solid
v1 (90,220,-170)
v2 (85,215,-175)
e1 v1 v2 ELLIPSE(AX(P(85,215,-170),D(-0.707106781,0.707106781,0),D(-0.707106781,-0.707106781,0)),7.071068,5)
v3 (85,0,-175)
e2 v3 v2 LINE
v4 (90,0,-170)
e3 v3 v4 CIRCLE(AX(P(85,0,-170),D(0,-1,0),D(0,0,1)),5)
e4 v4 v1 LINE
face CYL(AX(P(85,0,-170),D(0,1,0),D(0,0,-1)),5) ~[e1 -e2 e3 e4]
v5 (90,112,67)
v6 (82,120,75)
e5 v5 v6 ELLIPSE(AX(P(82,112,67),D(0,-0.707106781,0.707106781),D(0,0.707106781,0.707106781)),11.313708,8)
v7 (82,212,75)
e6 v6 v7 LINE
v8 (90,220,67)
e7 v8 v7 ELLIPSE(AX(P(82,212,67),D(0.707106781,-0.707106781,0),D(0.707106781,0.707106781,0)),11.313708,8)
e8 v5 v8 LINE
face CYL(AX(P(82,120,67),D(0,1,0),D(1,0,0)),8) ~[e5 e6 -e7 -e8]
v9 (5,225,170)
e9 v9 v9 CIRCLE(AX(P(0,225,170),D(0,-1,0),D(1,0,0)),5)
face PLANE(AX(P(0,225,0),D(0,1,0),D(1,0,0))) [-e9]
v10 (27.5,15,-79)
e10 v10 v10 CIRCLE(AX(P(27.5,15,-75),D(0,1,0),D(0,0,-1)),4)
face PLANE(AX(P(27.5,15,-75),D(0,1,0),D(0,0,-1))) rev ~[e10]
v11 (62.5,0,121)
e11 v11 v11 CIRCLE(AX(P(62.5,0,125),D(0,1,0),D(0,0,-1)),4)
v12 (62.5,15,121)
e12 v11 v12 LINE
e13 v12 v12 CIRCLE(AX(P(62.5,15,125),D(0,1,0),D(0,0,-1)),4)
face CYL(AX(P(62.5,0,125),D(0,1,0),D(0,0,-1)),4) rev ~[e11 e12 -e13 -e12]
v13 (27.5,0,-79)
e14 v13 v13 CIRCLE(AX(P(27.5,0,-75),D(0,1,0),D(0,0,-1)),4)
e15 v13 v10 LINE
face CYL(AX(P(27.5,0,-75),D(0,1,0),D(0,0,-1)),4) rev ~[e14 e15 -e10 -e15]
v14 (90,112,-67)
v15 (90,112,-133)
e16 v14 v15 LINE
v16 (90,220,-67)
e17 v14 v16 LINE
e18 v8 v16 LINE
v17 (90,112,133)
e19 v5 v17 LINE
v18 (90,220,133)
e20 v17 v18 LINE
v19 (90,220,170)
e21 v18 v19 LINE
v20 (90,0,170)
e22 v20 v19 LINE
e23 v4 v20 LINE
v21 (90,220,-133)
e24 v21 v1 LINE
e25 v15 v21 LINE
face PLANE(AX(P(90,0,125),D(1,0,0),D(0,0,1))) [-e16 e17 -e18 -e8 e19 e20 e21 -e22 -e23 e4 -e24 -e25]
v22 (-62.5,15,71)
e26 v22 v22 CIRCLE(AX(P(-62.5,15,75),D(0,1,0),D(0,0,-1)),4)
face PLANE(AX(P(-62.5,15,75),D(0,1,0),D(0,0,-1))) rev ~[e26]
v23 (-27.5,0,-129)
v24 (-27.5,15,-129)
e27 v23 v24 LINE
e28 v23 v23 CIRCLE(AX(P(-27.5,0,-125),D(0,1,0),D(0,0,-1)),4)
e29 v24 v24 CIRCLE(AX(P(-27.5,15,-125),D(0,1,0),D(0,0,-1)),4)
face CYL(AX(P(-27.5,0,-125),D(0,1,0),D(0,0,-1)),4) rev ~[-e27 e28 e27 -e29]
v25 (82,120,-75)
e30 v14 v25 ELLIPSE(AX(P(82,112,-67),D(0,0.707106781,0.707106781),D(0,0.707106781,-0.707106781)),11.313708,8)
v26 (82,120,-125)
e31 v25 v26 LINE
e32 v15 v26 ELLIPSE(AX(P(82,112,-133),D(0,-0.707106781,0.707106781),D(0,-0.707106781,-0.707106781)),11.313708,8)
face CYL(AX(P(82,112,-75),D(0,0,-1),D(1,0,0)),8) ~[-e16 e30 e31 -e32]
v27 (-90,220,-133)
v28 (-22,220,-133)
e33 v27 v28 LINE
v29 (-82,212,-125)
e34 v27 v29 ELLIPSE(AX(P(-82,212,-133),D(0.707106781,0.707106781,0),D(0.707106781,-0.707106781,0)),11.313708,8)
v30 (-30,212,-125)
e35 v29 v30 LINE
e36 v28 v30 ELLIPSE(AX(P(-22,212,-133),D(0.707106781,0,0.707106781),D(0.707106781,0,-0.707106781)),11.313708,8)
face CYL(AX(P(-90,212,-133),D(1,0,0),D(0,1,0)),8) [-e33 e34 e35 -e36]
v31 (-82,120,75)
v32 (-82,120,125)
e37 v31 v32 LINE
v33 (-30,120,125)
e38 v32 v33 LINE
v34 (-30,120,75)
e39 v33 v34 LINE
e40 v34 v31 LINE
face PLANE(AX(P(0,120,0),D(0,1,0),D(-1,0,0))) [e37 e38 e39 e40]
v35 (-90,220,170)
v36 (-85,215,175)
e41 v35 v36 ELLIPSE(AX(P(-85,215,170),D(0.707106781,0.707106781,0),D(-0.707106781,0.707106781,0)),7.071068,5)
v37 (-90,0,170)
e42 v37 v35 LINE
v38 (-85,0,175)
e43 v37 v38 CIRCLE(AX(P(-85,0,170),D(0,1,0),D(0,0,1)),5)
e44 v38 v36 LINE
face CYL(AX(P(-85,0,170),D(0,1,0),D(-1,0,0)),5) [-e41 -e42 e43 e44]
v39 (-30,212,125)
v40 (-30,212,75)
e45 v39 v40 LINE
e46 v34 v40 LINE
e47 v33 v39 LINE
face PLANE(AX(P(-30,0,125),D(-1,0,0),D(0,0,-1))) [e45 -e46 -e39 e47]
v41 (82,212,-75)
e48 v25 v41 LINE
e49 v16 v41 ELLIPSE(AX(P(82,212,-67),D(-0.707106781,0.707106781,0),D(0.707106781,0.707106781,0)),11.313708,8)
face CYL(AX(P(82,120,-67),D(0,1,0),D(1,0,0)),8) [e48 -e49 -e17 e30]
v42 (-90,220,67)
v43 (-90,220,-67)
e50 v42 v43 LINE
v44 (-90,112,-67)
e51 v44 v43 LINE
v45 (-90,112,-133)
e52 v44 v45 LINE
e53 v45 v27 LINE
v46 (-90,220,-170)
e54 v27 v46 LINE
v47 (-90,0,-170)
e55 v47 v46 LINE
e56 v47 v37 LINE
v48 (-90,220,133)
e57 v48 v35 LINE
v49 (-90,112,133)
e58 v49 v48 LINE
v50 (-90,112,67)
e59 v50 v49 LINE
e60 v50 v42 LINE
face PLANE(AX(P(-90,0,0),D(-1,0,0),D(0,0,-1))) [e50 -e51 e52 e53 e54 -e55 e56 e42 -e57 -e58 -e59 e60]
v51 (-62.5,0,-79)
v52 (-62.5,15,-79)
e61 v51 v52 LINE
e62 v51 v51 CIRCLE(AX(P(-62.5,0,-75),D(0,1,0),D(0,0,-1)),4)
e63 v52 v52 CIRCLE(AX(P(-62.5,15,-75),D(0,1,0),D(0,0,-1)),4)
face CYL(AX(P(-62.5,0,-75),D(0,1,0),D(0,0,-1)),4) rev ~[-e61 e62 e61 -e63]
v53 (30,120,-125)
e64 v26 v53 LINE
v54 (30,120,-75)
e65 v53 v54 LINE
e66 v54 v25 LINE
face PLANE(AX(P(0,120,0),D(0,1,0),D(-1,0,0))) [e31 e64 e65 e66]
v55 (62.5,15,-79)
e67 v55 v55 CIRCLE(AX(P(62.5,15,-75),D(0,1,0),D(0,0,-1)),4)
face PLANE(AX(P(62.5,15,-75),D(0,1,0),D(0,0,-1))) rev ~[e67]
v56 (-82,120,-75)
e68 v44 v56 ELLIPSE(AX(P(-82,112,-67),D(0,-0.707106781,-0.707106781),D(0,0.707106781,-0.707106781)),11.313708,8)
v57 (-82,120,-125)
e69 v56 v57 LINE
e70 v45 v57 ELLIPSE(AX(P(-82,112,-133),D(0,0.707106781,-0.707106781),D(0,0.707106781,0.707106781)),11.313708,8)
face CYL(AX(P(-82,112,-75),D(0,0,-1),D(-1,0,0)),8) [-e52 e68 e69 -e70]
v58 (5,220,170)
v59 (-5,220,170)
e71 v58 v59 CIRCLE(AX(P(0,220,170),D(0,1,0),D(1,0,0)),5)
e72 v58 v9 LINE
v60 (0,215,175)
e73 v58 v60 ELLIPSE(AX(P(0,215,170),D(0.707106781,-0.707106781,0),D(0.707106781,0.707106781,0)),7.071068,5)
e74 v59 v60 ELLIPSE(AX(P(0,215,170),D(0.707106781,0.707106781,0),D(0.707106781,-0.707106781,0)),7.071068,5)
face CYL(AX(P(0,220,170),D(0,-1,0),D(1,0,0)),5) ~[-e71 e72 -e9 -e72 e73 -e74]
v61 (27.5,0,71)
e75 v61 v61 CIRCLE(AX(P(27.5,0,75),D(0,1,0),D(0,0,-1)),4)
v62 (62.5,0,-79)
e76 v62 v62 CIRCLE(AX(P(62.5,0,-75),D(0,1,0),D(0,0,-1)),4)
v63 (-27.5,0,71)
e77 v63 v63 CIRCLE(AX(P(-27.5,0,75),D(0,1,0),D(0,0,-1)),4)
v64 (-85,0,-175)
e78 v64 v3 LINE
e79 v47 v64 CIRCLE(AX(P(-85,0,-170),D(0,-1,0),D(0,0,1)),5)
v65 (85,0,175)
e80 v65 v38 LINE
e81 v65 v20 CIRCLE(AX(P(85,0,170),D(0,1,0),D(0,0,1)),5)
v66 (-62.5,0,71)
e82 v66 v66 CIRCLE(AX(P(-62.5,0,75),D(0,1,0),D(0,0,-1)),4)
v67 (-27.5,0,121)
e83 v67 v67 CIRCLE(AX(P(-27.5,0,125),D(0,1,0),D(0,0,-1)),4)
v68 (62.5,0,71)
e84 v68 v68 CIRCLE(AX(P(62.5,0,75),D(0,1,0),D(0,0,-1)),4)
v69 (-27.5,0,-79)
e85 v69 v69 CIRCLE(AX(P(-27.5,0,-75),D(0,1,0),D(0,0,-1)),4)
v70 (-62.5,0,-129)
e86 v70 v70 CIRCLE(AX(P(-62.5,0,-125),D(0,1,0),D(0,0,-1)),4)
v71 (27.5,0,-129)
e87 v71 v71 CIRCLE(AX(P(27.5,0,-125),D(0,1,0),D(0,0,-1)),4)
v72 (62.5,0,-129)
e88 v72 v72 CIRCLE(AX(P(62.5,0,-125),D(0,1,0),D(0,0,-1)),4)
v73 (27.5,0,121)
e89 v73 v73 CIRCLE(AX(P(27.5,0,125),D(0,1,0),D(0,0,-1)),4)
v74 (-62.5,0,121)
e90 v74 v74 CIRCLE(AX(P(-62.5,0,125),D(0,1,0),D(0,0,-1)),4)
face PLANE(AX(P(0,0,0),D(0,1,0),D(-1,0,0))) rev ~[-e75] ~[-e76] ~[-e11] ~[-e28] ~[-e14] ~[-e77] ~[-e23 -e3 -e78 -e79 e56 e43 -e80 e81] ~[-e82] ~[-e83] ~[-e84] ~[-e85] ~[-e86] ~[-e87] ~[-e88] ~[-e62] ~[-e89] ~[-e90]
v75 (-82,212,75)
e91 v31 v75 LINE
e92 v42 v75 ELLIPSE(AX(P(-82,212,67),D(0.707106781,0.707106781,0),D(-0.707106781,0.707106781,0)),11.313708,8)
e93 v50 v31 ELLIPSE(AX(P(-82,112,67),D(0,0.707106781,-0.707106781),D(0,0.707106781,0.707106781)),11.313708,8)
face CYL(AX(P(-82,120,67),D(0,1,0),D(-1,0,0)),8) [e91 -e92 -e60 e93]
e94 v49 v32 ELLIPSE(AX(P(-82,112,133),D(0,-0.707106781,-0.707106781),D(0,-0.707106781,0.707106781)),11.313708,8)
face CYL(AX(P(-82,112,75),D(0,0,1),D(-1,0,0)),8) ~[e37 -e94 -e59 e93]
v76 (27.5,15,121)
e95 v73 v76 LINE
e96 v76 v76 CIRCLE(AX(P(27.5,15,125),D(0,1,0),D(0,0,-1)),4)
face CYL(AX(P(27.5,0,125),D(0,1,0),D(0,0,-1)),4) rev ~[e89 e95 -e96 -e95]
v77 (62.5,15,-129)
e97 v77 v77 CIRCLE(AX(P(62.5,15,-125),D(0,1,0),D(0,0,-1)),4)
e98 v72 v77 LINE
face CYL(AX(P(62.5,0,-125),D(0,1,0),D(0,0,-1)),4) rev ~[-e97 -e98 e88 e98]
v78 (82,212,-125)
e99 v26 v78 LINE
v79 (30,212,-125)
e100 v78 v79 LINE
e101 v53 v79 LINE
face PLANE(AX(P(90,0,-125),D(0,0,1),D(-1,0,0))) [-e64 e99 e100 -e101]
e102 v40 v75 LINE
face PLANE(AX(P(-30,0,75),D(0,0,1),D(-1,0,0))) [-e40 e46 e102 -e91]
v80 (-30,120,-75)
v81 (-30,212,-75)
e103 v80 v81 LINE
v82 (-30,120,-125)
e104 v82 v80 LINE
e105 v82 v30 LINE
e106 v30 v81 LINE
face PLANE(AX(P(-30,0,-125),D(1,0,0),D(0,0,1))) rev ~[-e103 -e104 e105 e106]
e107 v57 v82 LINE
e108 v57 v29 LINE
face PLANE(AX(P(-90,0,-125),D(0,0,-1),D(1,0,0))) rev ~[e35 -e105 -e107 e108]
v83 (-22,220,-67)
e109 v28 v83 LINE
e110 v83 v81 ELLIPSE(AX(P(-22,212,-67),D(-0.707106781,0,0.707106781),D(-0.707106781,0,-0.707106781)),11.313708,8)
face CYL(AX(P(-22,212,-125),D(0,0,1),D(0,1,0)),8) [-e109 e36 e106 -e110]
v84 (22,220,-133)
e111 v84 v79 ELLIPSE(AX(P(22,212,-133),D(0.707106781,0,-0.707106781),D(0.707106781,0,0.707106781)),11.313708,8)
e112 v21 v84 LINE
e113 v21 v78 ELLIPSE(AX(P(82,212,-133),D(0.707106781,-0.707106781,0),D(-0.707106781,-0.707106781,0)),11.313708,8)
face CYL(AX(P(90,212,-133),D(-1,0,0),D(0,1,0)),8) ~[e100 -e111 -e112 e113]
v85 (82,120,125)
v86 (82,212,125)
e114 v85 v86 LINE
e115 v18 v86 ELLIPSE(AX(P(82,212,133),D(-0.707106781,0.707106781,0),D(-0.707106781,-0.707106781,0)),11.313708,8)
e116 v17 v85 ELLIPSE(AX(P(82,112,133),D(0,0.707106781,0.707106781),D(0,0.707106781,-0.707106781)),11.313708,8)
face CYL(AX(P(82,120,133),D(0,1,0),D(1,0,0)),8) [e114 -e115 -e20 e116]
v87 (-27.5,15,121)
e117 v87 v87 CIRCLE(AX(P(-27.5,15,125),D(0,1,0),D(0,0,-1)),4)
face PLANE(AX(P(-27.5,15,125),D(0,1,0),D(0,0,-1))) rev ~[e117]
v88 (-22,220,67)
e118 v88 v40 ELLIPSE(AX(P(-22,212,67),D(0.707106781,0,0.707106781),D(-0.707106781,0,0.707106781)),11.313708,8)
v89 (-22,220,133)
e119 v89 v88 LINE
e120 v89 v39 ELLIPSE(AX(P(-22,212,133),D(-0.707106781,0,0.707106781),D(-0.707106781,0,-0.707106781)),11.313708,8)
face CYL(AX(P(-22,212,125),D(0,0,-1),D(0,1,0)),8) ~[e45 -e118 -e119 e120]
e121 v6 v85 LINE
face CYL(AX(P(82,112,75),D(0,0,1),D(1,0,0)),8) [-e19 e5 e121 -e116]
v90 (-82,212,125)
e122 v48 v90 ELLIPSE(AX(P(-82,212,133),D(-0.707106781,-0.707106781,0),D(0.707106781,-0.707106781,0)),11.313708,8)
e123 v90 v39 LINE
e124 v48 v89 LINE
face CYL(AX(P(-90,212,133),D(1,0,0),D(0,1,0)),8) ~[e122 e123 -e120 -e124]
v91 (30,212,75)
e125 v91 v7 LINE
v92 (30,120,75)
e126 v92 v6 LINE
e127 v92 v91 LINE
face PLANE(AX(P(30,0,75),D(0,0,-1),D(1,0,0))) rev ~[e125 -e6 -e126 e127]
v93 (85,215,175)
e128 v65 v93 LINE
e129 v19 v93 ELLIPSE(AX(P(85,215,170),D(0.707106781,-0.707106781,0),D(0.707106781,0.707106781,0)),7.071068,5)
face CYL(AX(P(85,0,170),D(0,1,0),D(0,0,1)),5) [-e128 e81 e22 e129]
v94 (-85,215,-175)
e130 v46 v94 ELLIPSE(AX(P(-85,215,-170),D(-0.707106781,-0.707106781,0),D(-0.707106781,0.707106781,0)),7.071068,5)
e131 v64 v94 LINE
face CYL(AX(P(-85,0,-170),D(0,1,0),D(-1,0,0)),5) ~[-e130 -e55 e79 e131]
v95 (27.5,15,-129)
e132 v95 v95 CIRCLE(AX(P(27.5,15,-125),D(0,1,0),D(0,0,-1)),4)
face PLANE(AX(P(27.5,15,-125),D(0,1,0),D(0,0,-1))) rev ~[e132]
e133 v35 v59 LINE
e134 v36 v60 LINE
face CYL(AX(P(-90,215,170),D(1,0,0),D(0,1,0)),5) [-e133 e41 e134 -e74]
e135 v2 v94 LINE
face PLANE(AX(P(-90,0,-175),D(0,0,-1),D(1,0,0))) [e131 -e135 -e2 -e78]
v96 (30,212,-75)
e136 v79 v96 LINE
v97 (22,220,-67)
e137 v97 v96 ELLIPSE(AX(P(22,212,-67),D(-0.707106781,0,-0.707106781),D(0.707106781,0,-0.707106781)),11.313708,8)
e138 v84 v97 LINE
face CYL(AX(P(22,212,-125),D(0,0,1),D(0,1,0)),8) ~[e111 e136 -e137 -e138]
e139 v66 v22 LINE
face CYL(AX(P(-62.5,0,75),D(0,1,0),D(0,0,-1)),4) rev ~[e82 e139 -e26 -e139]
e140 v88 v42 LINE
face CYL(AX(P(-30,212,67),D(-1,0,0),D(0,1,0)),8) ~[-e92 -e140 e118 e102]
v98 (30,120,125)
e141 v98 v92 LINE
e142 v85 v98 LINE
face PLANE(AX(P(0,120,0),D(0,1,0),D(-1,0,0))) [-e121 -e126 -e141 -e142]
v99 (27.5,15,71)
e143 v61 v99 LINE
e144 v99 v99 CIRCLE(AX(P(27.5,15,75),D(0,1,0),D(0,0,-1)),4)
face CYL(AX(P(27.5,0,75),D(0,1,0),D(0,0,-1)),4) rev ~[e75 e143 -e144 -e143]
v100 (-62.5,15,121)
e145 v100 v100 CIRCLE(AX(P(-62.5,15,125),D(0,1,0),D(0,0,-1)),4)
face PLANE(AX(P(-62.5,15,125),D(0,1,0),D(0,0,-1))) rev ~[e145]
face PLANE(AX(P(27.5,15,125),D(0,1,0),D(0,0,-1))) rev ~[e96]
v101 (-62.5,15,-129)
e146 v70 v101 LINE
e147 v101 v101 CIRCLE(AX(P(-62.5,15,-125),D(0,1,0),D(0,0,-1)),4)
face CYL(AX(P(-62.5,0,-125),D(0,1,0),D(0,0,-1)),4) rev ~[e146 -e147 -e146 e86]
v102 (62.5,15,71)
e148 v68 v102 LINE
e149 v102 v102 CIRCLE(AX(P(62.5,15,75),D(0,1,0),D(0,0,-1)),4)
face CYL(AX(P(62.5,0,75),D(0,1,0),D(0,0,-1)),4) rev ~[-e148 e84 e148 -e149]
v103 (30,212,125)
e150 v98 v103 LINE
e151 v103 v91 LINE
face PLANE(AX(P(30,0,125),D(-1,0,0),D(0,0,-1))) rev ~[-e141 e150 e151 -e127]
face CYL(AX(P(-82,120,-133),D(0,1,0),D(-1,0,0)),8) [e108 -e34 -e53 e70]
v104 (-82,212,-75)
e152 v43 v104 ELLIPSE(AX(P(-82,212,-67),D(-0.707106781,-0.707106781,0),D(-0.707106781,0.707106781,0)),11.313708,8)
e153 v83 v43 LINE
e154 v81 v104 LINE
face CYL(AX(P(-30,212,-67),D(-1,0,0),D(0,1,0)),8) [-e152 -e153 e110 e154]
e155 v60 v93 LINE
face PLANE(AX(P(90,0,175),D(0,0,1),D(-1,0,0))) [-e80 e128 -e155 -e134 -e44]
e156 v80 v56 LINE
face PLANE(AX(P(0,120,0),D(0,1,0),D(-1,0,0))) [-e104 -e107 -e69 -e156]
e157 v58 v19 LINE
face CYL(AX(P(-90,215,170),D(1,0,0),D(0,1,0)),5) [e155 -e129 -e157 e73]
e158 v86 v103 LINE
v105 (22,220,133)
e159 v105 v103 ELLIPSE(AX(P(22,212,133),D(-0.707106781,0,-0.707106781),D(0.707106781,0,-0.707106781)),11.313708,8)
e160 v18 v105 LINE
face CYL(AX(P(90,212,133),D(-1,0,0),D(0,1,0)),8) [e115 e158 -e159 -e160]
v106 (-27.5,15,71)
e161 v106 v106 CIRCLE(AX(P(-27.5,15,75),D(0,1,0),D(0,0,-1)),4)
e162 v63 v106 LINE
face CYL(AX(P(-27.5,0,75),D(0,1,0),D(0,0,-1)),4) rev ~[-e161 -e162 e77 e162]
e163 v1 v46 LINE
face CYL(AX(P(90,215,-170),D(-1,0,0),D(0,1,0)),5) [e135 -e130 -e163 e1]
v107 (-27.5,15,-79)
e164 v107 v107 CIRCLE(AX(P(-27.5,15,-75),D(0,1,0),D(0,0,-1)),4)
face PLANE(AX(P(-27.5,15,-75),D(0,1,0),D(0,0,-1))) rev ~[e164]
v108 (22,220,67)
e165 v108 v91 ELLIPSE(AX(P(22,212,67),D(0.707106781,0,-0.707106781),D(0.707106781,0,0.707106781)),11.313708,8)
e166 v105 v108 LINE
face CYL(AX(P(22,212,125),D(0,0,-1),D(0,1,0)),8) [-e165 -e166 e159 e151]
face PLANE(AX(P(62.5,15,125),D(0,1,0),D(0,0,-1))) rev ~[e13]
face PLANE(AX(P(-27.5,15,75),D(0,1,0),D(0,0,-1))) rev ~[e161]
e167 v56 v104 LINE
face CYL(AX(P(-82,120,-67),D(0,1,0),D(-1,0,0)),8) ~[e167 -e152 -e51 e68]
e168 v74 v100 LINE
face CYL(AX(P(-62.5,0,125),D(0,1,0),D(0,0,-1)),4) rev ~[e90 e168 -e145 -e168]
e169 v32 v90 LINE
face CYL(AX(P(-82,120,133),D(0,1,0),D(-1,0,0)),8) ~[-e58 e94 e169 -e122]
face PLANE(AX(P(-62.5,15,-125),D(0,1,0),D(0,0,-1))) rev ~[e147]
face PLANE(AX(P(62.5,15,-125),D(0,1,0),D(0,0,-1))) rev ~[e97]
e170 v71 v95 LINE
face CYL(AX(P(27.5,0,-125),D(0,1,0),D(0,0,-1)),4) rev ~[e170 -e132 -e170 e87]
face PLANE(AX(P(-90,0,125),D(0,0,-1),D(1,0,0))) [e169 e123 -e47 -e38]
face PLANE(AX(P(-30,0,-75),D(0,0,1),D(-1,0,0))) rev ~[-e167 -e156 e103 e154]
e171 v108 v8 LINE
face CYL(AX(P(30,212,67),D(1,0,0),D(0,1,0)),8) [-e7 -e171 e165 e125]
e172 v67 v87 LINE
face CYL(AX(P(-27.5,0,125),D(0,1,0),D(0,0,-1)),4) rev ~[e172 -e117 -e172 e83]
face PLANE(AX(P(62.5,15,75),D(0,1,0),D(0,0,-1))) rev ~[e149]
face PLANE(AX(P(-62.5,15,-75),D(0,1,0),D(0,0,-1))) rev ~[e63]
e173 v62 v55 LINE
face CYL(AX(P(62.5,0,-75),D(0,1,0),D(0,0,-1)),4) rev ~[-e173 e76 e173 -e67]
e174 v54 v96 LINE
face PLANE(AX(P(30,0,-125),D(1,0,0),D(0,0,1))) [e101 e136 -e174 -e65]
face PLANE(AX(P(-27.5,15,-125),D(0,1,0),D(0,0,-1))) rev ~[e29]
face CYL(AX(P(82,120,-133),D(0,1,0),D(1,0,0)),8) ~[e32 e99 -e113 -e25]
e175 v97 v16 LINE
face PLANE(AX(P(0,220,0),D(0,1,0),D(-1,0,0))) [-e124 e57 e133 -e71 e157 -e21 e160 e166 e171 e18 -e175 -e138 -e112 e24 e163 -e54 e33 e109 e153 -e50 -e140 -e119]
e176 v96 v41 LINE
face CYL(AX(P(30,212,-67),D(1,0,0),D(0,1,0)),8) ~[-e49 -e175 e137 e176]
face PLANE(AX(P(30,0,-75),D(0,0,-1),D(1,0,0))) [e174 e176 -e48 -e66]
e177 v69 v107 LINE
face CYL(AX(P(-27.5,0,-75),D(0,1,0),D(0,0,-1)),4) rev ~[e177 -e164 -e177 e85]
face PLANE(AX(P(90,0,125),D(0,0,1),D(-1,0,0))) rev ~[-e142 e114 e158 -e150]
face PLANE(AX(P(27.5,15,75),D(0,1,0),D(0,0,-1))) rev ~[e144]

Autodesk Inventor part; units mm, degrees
ref_plane "YZ Plane" through (0, 0, 0) normal (1, 0, 0) x (0, 1, 0)
ref_plane "XZ Plane" through (0, 0, 0) normal (0, 1, 0) x (-1, 0, 0)
ref_plane "XY Plane" through (0, 0, 0) normal (0, 0, 1) x (1, 0, 0)
sketch "Sketch1" plane through (0, 0, 0) normal (0, 1, 0) x (-1, 0, 0)
  line L0 (0, 0) -> (90, 0) construction
  line L1 (90, 0) -> (90, 175)
  line L2 (90, 175) -> (0, 175)
  line L3 (0, 175) -> (0, 0) construction
  line L4 (90, 125) -> (0, 125)
  line L5 (0, 125) -> (0, 75) construction
  line L6 (0, 75) -> (90, 75)
  line L7 (90, 75) -> (90, 125)
  line L8 (30, 125) -> (30, 75)
  line L9 (27.5, 75) -> (62.5, 75) construction
  line L10 (62.5, 75) -> (62.5, 125) construction
  line L11 (62.5, 125) -> (27.5, 125) construction
  line L12 (27.5, 125) -> (27.5, 75) construction
  line L13 (27.5, 75) -> (62.5, 125) construction
  line L14 (62.5, 75) -> (27.5, 125) construction
  line L15 (90, 0) -> (90, -175)
  line L16 (90, -175) -> (0, -175)
  line L17 (90, -125) -> (0, -125)
  line L18 (0, -75) -> (90, -75)
  line L19 (90, -75) -> (90, -125)
  line L20 (30, -125) -> (30, -75)
  line L21 (27.5, -75) -> (62.5, -75) construction
  line L22 (62.5, -75) -> (62.5, -125) construction
  line L23 (62.5, -125) -> (27.5, -125) construction
  line L24 (27.5, -125) -> (27.5, -75) construction
  line L25 (27.5, -75) -> (62.5, -125) construction
  line L26 (62.5, -75) -> (27.5, -125) construction
  line L27 (-90, 0) -> (-90, 175)
  line L28 (-90, 175) -> (0, 175)
  line L29 (-90, 125) -> (0, 125)
  line L30 (0, 75) -> (-90, 75)
  line L31 (-90, 75) -> (-90, 125)
  line L32 (-30, 125) -> (-30, 75)
  line L33 (-27.5, 75) -> (-62.5, 75) construction
  line L34 (-62.5, 75) -> (-62.5, 125) construction
  line L35 (-62.5, 125) -> (-27.5, 125) construction
  line L36 (-27.5, 125) -> (-27.5, 75) construction
  line L37 (-27.5, 75) -> (-62.5, 125) construction
  line L38 (-62.5, 75) -> (-27.5, 125) construction
  line L39 (-90, 0) -> (-90, -175)
  line L40 (-90, -175) -> (0, -175)
  line L41 (-90, -125) -> (0, -125)
  line L42 (0, -75) -> (-90, -75)
  line L43 (-90, -75) -> (-90, -125)
  line L44 (-30, -125) -> (-30, -75)
  line L45 (-27.5, -75) -> (-62.5, -75) construction
  line L46 (-62.5, -75) -> (-62.5, -125) construction
  line L47 (-62.5, -125) -> (-27.5, -125) construction
  line L48 (-27.5, -125) -> (-27.5, -75) construction
  line L49 (-27.5, -75) -> (-62.5, -125) construction
  line L50 (-62.5, -75) -> (-27.5, -125) construction
  line L51 (45, 100) -> (90, 100) construction
  point P0 (45, -100)
  point P1 (-45, 100)
  point P2 (-45, -100)
  point P3 (45, -100)
  point P4 (-45, 100)
  dimension "d0" = 200
  dimension "d1" = 35
  dimension "d2" = 50
  dimension "d3" = 90
  dimension "d4" = 180
  dimension "d5" = 50
  dimension "d6" = 50
  dimension "d7" = 60
extrude "Extrusion1" add sketch "Sketch1" along normal blind 220 contours L15 L18 L42 L39 L27 L30 L6 L1 | L4 L29 L27 L28 L2 L1 | L6 L30 L32 L29 L4 L8 | L15 L16 L40 L39 L41 L17 | L20 L17 L41 L44 L42 L18
extrude "Extrusion2" add sketch "Sketch1" along normal blind 120 contours L6 L8 L4 L1 | L15 L17 L20 L18 | L30 L27 L29 L32 | L44 L41 L39 L42
hole "Hole1" at (-62.5, 0, 125) at (-27.5, 0, 125) at (-27.5, 0, 75) at (-62.5, 0, 75) at (-62.5, 0, -75) at (-27.5, 0, -75) at (-27.5, 0, -125) at (-62.5, 0, -125) at (62.5, 0, 75) at (27.5, 0, 75) at (27.5, 0, 125) at (62.5, 0, 125) at (62.5, 0, -125) at (27.5, 0, -125) at (27.5, 0, -75) at (62.5, 0, -75) direction (0, 1, 0) diameter 8 depth 15
fillet "Fillet1" radius 5 6 edges at (0, 220, -175) (-90, 110, -175) (90, 110, -175) (-90, 110, 175) (0, 220, 175) (90, 110, 175)
fillet "Fillet2" radius 8 24 edges at (-60, 220, -125) (-90, 170, -125) (-60, 220, -75) (-90, 170, -75) (-90, 120, -100) (-30, 220, -100) (-60, 220, 75) (-30, 220, 100) (-60, 220, 125) (-90, 170, 75) (-90, 120, 100) (-90, 170, 125) (60, 220, -75) (30, 220, -100) (60, 220, -125) (60, 220, 75) (30, 220, 100) (60, 220, 125) (90, 170, 75) (90, 170, 125) (90, 120, 100) (90, 170, -75) (90, 120, -100) (90, 170, -125)
sketch "Sketch2" plane through (0, 220, 0) normal (0, 1, 0) x (1, 0, 0)
  line L0 (90, -170) -> (-90, -170) projected
  circle A0 centre (0, -170) radius 5
  point P0 (0, 0)
  dimension "d21" = 10
extrude "Extrusion3" add sketch "Sketch2" along normal mid plane 10
properties part number "SACMI DPA C-RAIL BOTTOM SUPPORT"
